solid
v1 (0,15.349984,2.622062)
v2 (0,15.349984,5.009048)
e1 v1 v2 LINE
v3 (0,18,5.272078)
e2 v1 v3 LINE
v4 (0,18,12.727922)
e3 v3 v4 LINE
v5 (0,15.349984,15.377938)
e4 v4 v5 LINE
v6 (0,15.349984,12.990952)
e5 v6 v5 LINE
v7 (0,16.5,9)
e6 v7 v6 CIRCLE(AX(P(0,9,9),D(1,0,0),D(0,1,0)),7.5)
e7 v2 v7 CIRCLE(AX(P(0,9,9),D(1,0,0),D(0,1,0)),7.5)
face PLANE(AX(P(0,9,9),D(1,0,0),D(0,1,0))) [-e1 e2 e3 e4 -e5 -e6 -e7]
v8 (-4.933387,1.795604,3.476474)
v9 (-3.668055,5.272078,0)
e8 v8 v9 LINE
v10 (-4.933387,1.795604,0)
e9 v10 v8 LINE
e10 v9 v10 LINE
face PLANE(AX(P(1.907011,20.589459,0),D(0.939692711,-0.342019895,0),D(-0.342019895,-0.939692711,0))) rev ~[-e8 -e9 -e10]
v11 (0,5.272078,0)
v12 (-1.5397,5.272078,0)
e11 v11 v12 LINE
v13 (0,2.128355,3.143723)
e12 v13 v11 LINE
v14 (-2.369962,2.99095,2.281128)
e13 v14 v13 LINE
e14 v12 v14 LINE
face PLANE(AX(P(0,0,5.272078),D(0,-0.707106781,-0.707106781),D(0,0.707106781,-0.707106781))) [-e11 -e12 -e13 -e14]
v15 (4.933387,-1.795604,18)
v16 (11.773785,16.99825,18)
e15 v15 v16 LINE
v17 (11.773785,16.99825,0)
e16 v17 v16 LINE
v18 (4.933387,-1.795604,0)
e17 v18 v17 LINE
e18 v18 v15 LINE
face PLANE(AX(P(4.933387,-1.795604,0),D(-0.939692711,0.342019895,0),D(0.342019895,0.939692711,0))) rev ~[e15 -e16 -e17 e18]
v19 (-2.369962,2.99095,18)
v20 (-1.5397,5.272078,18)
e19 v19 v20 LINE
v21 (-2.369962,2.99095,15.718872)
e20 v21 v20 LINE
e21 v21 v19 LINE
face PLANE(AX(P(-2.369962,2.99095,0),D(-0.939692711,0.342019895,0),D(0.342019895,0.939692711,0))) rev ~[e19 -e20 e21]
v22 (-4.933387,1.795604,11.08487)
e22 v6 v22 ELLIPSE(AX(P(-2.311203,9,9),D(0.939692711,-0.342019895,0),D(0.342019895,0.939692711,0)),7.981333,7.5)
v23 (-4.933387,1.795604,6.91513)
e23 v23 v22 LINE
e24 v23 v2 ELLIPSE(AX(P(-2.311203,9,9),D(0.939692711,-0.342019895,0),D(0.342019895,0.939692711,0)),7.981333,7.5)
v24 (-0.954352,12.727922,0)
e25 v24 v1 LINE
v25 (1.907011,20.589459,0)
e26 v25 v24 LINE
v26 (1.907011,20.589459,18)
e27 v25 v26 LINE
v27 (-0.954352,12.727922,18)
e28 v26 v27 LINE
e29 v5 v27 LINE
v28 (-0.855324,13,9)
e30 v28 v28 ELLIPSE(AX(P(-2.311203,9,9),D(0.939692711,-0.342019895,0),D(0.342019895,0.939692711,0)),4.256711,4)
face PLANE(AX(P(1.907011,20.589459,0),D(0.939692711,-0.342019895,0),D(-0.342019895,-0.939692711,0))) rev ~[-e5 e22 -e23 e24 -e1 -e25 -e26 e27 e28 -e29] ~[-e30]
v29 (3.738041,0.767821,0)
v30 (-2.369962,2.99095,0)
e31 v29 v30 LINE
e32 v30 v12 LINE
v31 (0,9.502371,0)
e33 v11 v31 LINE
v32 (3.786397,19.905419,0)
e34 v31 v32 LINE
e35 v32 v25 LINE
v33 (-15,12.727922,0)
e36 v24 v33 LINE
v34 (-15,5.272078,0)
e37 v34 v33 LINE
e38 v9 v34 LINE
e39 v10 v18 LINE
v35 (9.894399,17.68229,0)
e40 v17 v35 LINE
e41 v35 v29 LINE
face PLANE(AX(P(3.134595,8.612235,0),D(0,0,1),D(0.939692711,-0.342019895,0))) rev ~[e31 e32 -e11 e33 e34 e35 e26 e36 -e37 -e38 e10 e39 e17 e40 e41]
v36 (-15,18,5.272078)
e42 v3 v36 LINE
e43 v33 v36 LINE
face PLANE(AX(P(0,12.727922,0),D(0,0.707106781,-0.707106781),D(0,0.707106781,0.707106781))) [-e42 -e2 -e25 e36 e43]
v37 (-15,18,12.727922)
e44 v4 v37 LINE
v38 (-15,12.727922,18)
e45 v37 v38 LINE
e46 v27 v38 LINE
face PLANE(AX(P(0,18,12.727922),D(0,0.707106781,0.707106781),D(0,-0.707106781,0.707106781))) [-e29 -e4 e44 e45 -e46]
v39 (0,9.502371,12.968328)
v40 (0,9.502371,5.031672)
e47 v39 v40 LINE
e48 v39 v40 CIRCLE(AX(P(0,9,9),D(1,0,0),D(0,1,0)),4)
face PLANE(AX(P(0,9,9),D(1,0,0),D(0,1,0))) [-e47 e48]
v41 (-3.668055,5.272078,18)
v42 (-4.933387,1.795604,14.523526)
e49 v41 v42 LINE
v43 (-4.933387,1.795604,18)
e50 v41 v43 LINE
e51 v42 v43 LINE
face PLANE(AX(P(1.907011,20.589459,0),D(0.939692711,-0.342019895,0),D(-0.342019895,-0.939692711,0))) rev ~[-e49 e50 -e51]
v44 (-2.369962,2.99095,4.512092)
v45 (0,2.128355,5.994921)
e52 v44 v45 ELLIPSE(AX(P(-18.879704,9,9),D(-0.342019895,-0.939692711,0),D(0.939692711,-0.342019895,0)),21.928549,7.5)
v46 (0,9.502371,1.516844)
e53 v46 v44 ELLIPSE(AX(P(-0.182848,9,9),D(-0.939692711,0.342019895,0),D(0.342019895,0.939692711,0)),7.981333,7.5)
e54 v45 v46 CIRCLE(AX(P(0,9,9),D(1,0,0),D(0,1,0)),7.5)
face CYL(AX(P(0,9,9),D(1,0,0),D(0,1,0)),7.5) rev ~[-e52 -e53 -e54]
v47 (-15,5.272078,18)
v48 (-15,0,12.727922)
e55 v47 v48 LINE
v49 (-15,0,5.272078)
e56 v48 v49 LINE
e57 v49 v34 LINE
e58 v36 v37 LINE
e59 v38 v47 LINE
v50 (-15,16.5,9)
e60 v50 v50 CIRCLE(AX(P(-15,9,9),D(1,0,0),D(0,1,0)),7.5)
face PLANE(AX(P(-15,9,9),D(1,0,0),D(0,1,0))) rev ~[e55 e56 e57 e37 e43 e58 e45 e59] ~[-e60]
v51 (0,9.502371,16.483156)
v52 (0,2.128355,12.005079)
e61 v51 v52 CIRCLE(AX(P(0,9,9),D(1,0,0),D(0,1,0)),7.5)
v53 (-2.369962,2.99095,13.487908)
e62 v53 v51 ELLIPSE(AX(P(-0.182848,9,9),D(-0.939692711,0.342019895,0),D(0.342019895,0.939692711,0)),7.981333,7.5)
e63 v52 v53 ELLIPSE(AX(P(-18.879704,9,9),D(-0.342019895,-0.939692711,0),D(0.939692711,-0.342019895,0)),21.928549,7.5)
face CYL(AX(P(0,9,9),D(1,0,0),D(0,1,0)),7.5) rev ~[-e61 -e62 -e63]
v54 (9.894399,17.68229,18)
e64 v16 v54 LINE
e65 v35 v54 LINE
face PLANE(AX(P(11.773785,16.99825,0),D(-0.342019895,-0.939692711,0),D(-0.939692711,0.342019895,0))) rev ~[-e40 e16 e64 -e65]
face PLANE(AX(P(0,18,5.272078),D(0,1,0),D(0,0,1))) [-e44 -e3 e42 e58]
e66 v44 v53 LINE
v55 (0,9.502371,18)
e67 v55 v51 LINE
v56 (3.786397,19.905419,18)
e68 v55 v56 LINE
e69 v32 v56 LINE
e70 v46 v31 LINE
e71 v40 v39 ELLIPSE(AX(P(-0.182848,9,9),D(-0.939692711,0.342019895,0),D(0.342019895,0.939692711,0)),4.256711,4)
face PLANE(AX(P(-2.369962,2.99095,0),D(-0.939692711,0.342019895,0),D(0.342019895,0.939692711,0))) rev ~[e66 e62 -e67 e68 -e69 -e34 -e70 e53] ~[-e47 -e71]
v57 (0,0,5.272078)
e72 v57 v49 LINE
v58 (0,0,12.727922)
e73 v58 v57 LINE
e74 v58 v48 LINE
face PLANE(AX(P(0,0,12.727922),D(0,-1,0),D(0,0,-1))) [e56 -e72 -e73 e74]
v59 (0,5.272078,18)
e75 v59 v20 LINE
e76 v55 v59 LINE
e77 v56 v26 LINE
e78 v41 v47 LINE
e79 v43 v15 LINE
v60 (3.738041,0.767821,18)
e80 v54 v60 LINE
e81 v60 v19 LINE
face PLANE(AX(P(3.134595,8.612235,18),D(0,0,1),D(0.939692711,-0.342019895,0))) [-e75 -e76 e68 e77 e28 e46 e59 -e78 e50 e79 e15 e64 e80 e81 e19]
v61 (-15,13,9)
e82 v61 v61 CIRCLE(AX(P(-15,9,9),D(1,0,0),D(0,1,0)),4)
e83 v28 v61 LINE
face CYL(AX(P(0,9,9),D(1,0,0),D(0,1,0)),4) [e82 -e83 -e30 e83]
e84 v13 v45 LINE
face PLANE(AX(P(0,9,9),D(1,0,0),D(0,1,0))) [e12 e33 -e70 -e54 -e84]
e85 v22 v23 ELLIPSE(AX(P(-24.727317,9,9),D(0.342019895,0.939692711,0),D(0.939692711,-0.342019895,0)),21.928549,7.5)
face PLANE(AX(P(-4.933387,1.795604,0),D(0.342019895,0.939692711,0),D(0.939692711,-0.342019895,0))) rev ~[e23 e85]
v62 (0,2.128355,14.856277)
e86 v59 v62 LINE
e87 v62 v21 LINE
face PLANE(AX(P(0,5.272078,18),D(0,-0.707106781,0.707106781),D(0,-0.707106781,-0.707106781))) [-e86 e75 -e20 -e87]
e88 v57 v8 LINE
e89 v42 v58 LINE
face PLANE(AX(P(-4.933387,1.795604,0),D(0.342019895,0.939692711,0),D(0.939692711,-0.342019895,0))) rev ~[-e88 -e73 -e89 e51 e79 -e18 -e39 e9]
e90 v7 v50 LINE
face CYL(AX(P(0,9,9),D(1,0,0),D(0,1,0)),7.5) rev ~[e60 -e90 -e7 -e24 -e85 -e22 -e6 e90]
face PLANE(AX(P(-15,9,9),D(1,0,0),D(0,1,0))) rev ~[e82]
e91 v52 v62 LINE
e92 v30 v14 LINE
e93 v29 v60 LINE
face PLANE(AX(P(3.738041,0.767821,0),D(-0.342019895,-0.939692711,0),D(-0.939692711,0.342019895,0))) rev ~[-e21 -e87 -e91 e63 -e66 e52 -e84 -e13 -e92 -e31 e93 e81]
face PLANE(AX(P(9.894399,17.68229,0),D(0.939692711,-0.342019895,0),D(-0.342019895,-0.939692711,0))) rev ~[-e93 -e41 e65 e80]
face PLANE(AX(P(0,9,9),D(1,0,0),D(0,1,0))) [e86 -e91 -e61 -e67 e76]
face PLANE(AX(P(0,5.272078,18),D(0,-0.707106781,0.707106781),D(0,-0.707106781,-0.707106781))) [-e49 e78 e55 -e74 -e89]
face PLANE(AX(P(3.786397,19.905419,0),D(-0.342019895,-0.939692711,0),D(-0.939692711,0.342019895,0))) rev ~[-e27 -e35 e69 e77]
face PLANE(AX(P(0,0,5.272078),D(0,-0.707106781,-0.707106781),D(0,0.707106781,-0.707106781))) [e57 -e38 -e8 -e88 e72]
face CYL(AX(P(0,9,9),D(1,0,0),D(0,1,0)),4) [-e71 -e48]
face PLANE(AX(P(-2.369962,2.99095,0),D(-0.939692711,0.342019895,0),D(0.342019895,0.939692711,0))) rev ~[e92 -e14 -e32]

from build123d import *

# Parameters (mm, degrees)
PAD_DEPTH     = 18
SKETCH001_R   = 7.5
SKETCH001_R_2 = 4
PAD001_DEPTH  = 15


with BuildPart() as part:
    # Sketch → Pad (new body)
    with BuildSketch(Plane(origin=(0, 0, 0), x_dir=(0.939693, -0.34202, 0), z_dir=(0, 0, 1))):
        Polygon((-5.25, 20), (-5.25, 0), (5.25, 0), (5.25, 20), (3.25, 20), (3.25, 2), (-3.25, 2), (-3.25, 20), align=None)
    extrude(amount=PAD_DEPTH)

    # Sketch001 → Pad001 (join)
    with BuildSketch(Plane.YZ):
        Polygon((12.727922, 18), (5.272078, 18), (0, 12.727922), (0, 5.272078), (5.272078, 0), (12.727922, 0), (18, 5.272078), (18, 12.727922), align=None)
        with Locations((9, 9)):
            Circle(SKETCH001_R, mode=Mode.SUBTRACT)
        with Locations((9, 9)):
            Circle(SKETCH001_R_2)
    extrude(amount=-PAD001_DEPTH)


solid = part.part
